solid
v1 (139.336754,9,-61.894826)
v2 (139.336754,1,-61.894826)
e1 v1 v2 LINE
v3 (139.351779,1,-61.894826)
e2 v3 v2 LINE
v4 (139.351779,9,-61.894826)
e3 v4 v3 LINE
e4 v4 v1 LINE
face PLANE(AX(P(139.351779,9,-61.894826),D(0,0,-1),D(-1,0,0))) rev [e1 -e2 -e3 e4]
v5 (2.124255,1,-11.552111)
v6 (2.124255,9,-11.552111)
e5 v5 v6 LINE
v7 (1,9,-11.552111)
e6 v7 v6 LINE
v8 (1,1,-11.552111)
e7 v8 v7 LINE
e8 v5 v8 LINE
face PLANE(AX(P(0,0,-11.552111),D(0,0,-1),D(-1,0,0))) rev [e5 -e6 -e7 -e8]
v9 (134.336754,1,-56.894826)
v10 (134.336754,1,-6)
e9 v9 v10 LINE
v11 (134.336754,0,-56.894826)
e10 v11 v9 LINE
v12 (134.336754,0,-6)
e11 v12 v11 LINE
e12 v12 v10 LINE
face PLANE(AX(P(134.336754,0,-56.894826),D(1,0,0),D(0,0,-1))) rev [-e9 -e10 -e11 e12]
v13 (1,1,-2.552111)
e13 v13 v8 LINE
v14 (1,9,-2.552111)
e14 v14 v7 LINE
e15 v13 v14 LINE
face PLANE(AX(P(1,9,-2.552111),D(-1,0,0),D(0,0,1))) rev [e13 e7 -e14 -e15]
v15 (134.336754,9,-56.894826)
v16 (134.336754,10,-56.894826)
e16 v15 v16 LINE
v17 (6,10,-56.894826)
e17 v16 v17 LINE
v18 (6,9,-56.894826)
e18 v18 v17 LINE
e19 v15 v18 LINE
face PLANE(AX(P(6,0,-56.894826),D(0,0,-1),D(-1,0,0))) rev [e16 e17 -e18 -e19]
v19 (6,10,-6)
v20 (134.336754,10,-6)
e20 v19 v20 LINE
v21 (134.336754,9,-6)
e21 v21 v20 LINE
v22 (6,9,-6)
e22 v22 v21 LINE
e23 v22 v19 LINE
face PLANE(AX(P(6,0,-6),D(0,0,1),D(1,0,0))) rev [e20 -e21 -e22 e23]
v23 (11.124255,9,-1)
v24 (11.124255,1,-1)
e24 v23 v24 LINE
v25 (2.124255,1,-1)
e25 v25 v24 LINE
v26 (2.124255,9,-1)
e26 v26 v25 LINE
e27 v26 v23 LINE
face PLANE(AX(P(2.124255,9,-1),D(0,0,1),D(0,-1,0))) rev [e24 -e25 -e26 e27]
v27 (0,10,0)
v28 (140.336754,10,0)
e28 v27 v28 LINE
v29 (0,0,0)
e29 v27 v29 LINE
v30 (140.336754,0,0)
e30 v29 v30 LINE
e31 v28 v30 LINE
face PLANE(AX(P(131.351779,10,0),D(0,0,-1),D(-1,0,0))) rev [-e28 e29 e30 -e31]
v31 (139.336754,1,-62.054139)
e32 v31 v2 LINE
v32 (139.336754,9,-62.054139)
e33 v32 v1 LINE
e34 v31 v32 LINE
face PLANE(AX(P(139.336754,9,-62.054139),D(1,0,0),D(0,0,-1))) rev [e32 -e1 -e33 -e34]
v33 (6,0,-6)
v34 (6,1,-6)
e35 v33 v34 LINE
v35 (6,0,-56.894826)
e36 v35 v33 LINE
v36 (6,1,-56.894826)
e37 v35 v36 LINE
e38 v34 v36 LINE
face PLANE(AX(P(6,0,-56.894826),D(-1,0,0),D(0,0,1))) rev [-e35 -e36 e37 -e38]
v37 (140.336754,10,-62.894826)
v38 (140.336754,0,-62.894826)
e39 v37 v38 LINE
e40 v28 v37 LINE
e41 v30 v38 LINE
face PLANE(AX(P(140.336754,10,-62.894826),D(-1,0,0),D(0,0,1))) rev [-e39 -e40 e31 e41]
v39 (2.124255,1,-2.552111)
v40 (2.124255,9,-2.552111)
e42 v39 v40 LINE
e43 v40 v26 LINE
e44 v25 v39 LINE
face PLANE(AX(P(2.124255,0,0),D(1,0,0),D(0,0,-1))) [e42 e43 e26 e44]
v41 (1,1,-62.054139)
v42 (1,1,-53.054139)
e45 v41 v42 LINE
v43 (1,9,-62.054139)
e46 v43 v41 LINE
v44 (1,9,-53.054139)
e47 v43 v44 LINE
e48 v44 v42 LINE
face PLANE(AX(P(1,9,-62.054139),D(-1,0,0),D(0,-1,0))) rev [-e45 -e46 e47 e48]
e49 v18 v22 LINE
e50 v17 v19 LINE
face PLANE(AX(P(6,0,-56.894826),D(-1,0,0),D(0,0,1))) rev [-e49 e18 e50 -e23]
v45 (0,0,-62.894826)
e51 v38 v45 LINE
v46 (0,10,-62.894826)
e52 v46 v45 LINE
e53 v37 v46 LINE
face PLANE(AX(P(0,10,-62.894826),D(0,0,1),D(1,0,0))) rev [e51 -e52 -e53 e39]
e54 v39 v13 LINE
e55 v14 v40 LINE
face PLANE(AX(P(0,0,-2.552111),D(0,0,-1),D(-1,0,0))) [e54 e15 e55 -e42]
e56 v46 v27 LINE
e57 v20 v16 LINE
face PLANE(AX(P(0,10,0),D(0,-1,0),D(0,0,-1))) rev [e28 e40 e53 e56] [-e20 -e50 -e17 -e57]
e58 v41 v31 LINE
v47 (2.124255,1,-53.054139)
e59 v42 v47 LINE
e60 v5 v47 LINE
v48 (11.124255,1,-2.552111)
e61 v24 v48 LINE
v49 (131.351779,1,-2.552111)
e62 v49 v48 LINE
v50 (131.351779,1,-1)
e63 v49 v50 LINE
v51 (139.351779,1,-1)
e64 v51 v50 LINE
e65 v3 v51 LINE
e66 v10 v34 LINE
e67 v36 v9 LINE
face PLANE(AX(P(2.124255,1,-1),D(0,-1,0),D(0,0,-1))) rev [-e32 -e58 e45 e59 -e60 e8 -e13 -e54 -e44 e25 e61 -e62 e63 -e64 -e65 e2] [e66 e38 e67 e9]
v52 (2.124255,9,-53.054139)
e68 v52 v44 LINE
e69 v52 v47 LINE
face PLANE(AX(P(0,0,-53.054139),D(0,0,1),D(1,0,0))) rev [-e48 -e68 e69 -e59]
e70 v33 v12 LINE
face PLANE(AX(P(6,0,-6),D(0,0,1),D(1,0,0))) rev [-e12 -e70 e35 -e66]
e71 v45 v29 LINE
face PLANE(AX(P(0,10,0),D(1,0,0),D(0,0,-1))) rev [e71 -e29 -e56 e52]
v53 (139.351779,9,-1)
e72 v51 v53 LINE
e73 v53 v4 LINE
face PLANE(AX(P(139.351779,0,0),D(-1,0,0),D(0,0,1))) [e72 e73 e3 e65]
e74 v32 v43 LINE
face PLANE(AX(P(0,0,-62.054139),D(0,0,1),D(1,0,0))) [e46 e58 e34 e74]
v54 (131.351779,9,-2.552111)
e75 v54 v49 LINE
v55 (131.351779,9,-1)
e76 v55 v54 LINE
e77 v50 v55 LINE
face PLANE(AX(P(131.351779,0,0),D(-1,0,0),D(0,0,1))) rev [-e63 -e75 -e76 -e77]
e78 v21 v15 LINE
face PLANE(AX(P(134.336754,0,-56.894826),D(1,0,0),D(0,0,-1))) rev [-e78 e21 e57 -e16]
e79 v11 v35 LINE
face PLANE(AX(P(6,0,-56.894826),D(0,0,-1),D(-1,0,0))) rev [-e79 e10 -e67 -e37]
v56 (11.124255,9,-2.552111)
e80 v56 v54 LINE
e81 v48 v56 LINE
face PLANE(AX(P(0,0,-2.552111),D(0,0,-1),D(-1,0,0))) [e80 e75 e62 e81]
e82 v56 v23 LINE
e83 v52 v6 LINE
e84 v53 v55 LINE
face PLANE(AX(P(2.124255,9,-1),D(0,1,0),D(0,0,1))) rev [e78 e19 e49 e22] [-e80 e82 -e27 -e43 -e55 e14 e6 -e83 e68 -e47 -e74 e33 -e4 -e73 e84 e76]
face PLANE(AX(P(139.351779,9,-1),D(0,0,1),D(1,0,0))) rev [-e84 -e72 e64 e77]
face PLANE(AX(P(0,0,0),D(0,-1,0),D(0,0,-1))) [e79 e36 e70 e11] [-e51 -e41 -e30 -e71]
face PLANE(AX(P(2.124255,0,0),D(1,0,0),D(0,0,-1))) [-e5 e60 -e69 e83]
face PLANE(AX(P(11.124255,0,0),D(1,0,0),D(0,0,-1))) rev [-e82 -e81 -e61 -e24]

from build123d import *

# Parameters (mm, degrees)
SKETCH7_W           = 120.227524024
SKETCH7_H           = 41.502027866
BOSS_EXTRUDE4_DEPTH = 10
SKETCH9_W           = 60.894825735
SKETCH9_H           = 8
CUT_EXTRUDE4_DEPTH  = 9
SKETCH12_W          = 60.894825735
SKETCH12_H          = 8
CUT_EXTRUDE6_DEPTH  = 8
SKETCH14_W          = 138.336754021
SKETCH14_H          = 8
CUT_EXTRUDE7_DEPTH  = 9
SKETCH17_W          = 138.336754021
SKETCH17_H          = 8
CUT_EXTRUDE8_DEPTH  = 9
SKETCH20_W          = 128.336754021
SKETCH20_H          = 50.894825735
CUT_EXTRUDE10_DEPTH = 10


with BuildPart() as part:
    # Sketch7 → Boss-Extrude4 (new body)
    with BuildSketch(Plane(origin=(0, 0, 0), x_dir=(1, 0, 0), z_dir=(0, 1, 0))):
        Polygon((0, 0), (11.124254892, 0), (131.351778916, 0), (140.336754021, 0), (140.336754021, 62.894825735), (131.351778916, 62.894825735), (11.124254892, 62.894825735), (0, 62.894825735), align=None)
        with Locations((71.238016904, 32.303124782)):
            Rectangle(SKETCH7_W, SKETCH7_H, mode=Mode.SUBTRACT)
    extrude(amount=BOSS_EXTRUDE4_DEPTH)

    # Sketch9 → Cut-Extrude4 (cut)
    with BuildSketch(Plane(origin=(11.124254892, 0, 0), x_dir=(0, 0, -1), z_dir=(1, 0, 0))):
        with Locations((31.447412868, 5)):
            Rectangle(SKETCH9_W, SKETCH9_H)
    extrude(amount=-CUT_EXTRUDE4_DEPTH, mode=Mode.SUBTRACT)

    # Sketch12 → Cut-Extrude6 (cut)
    with BuildSketch(Plane.ZY.offset(-131.351778916)):
        with Locations((-31.447412868, 5)):
            Rectangle(SKETCH12_W, SKETCH12_H)
    extrude(amount=-CUT_EXTRUDE6_DEPTH, mode=Mode.SUBTRACT)

    # Sketch14 → Cut-Extrude7 (cut)
    with BuildSketch(Plane.XY.offset(-53.054138715)):
        with Locations((70.168377011, 5)):
            Rectangle(SKETCH14_W, SKETCH14_H)
    extrude(amount=-CUT_EXTRUDE7_DEPTH, mode=Mode.SUBTRACT)

    # Sketch17 → Cut-Extrude8 (cut)
    with BuildSketch(Plane(origin=(0, 0, -11.552110849), x_dir=(-1, 0, 0), z_dir=(0, 0, -1))):
        with Locations((-70.168377011, 5)):
            Rectangle(SKETCH17_W, SKETCH17_H)
    extrude(amount=-CUT_EXTRUDE8_DEPTH, mode=Mode.SUBTRACT)

    # Sketch20 → Cut-Extrude10 (cut)
    with BuildSketch(Plane(origin=(0, 10, 0), x_dir=(1, 0, 0), z_dir=(0, 1, 0))):
        with Locations((70.168377011, 31.447412868)):
            Rectangle(SKETCH20_W, SKETCH20_H)
    extrude(amount=-CUT_EXTRUDE10_DEPTH, mode=Mode.SUBTRACT)


solid = part.part
